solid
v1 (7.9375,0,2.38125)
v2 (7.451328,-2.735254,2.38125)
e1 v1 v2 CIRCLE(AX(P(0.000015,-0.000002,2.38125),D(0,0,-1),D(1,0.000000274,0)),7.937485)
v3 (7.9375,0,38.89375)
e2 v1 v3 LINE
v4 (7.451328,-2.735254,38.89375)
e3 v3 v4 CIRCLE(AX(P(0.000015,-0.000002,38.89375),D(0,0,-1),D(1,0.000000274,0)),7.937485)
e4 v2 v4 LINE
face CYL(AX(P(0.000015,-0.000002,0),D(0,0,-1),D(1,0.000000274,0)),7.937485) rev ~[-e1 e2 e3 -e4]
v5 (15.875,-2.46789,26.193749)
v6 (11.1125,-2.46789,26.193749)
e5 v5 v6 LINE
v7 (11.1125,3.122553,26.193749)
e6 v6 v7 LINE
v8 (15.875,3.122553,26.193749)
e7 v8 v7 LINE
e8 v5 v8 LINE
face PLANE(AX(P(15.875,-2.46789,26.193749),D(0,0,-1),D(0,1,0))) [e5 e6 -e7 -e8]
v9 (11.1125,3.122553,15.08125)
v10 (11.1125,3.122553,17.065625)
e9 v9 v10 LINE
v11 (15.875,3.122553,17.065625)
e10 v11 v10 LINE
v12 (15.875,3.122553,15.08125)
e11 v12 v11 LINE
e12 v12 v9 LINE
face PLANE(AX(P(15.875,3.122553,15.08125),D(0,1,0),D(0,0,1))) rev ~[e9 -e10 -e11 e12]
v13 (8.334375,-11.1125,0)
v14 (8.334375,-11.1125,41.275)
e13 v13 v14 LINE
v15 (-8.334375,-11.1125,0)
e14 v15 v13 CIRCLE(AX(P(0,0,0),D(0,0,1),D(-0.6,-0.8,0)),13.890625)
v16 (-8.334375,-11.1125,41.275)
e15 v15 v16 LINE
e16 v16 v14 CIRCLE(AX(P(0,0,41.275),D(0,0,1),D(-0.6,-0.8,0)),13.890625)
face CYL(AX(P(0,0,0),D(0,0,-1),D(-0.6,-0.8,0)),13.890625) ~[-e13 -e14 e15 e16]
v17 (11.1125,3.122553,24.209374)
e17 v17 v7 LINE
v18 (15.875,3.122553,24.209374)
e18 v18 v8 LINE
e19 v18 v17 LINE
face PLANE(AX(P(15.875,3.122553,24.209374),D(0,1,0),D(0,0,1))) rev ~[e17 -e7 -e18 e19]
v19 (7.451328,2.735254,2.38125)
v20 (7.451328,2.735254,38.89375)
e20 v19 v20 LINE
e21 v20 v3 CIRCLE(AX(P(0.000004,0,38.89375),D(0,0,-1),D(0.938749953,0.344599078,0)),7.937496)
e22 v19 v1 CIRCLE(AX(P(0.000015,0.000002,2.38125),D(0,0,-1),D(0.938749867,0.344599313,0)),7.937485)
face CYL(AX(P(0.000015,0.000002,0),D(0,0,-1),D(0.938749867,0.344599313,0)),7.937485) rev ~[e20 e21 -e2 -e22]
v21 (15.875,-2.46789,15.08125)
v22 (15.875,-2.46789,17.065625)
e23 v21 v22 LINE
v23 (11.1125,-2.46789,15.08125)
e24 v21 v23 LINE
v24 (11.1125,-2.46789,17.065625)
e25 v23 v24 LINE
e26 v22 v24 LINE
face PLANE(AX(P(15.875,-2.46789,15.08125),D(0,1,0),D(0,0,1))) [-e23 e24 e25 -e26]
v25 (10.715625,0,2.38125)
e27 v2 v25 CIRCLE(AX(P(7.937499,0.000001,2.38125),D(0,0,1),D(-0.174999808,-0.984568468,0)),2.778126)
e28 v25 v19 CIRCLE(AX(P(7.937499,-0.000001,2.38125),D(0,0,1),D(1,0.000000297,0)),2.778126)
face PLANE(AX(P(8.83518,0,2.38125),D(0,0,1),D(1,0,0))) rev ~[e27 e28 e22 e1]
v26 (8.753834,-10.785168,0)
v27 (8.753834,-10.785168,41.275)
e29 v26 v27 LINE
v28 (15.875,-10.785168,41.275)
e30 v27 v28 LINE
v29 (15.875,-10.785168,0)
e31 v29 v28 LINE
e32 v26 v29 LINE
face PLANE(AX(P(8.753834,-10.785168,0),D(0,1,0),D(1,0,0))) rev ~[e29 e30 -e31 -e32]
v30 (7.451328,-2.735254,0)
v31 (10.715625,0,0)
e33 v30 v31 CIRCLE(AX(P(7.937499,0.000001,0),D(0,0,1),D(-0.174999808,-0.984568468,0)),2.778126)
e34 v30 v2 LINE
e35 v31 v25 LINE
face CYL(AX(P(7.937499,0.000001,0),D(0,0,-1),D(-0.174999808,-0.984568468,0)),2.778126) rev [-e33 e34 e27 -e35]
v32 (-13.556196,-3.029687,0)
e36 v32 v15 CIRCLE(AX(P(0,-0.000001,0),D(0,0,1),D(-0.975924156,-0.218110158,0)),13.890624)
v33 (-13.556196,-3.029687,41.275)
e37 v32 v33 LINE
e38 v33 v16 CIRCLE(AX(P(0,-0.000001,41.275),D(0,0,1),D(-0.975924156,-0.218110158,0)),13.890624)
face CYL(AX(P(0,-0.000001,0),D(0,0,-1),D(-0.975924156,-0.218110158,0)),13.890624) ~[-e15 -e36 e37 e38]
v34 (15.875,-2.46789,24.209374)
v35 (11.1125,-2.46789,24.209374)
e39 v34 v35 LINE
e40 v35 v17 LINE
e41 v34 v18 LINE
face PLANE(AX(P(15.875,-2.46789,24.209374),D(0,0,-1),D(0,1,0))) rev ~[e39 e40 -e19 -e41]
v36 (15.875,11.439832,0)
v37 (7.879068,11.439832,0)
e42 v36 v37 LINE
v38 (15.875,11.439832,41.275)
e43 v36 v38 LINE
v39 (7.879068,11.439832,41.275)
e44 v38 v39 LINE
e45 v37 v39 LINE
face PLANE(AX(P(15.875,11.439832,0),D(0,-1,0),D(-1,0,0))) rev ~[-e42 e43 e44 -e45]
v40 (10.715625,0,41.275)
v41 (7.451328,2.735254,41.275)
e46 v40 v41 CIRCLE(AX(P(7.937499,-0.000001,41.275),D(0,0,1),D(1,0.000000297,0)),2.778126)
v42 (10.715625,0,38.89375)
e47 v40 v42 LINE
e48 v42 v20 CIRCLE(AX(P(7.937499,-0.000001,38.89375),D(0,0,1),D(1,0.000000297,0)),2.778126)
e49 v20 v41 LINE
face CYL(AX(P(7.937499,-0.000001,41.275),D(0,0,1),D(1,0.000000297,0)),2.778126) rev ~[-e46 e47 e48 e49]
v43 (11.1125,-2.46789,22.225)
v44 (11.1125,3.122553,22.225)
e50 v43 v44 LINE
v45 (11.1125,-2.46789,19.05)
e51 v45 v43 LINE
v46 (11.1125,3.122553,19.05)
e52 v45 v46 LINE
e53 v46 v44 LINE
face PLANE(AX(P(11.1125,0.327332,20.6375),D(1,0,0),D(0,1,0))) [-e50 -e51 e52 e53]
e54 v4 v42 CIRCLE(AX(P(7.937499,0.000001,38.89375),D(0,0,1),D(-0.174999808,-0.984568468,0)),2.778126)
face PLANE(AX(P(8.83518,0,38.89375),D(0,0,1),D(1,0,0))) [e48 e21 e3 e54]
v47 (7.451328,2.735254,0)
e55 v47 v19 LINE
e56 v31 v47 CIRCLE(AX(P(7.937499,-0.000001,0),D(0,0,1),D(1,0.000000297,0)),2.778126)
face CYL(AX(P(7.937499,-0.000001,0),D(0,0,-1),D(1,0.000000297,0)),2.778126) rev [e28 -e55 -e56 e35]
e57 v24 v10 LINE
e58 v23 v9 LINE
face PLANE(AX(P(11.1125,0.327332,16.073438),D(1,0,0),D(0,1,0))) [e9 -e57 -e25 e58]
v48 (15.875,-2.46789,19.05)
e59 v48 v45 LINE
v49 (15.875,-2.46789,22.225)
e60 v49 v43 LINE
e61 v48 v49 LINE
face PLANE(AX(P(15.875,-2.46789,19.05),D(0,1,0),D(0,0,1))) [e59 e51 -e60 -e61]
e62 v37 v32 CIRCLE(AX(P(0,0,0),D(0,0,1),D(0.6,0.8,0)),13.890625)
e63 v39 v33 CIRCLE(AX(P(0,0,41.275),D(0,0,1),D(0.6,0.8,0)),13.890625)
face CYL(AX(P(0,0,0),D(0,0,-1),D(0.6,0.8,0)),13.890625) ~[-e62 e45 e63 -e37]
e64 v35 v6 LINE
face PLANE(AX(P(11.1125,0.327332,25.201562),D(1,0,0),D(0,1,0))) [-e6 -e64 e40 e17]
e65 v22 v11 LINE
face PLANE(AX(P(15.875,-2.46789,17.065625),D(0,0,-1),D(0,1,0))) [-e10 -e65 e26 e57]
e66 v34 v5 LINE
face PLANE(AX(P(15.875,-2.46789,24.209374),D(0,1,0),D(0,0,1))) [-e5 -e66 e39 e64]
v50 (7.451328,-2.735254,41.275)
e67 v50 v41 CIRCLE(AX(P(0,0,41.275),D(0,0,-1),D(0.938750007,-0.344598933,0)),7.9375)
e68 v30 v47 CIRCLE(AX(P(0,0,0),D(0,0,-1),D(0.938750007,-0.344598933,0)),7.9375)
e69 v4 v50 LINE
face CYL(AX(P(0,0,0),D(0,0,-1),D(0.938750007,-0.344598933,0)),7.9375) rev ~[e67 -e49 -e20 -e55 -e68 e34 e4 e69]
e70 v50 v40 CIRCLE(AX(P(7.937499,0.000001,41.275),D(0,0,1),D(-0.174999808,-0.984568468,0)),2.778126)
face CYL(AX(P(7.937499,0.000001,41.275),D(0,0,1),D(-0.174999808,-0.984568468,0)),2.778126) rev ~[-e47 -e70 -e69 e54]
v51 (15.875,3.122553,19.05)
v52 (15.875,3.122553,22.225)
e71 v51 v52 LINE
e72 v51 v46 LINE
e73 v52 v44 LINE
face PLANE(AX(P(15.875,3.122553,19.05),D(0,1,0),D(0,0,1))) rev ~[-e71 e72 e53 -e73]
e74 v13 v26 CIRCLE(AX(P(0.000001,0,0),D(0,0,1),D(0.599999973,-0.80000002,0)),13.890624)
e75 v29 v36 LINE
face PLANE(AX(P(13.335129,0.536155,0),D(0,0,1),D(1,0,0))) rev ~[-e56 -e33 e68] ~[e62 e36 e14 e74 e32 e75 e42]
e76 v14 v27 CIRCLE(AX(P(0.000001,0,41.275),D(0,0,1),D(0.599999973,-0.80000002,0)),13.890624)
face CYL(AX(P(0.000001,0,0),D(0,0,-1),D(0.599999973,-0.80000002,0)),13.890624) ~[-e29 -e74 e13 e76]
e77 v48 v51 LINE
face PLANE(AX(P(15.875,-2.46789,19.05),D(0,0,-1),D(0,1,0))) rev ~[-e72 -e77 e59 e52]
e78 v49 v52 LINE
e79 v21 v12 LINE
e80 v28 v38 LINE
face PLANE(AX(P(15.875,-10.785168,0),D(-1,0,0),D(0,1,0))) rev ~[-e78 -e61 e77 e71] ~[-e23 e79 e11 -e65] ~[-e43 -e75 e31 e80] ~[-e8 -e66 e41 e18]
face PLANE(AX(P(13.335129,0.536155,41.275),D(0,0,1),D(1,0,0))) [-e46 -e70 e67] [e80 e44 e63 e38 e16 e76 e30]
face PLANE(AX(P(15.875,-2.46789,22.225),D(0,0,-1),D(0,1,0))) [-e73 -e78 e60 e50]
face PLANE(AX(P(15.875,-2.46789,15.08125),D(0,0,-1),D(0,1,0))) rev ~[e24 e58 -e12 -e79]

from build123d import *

# Parameters (mm, degrees)
F2_DEPTH = 41.275
F3_DEPTH = 41.275
F4_W     = 5.590443
F4_H     = 1.984375
F4_H_2   = 3.175
F5_DEPTH = 4.7625
F7_DEPTH = 2.38125
F8_DEPTH = 2.38125


with BuildPart() as f2:
    # F1 (on Top) → F2 (new body)
    with BuildSketch(Plane.XY):
        with BuildLine():
            ThreePointArc((8.334375, -11.1125), (12.424153, -6.212076), (13.890625, 0))
            ThreePointArc((13.890625, 0), (12.424153, 6.212076), (8.334375, 11.1125))
            ThreePointArc((8.334375, 11.1125), (-7.53772, 11.667572), (-13.556196, -3.029687))
            ThreePointArc((-13.556196, -3.029687), (-11.667572, -7.53772), (-8.334375, -11.1125))
            ThreePointArc((-8.334375, -11.1125), (0, -13.890625), (8.334375, -11.1125))
        make_face()
        with BuildLine():
            ThreePointArc((7.451328, -2.735254), (-7.9375, 0), (7.451328, 2.735254))
            ThreePointArc((7.451328, 2.735254), (9.721783, 2.129392), (10.715625, 0))
            ThreePointArc((10.715625, 0), (9.721783, -2.129392), (7.451328, -2.735254))
        make_face(mode=Mode.SUBTRACT)
        with BuildLine():
            ThreePointArc((7.451328, 2.735254), (7.815012, 1.389063), (7.9375, 0))
            ThreePointArc((7.9375, 0), (7.815012, -1.389063), (7.451328, -2.735254))
            ThreePointArc((7.451328, -2.735254), (9.721783, -2.129392), (10.715625, 0))
            ThreePointArc((10.715625, 0), (9.721783, 2.129392), (7.451328, 2.735254))
        make_face()
    extrude(amount=F2_DEPTH)

    # F0 (on Top) → F3 (join)
    with BuildSketch(Plane.XY):
        with BuildLine():
            ThreePointArc((7.879068, 11.439832), (12.296232, 6.46159), (13.890625, 0))
            ThreePointArc((13.890625, 0), (12.540847, -5.972991), (8.753834, -10.785168))
            Line((8.753834, -10.785168), (15.875, -10.785168))
            Line((15.875, -10.785168), (15.875, 0.327332))
            Line((15.875, 0.327332), (15.875, 11.439832))
            Line((15.875, 11.439832), (7.879068, 11.439832))
        make_face()
    extrude(amount=F3_DEPTH)

    # F4 (on face) → F5 (cut)
    with BuildSketch(Plane.YZ.offset(15.875)):
        with Locations((0.327332, 25.201562)):
            Rectangle(F4_W, F4_H)
        with Locations((0.327332, 20.6375)):
            Rectangle(F4_W, F4_H_2)
        with Locations((0.327332, 16.073438)):
            Rectangle(F4_W, F4_H)
    extrude(amount=-F5_DEPTH, mode=Mode.SUBTRACT)

    # F6 (on face) → F7 (cut)
    with BuildSketch(Plane.XY.offset(41.275)):
        with BuildLine():
            ThreePointArc((7.451328, -2.735254), (9.721783, -2.129392), (10.715625, 0))
            ThreePointArc((10.715625, 0), (9.721783, 2.129392), (7.451328, 2.735254))
            ThreePointArc((7.451328, 2.735254), (7.815012, 1.389062), (7.9375, 0))
            ThreePointArc((7.9375, 0), (7.815012, -1.389063), (7.451328, -2.735254))
        make_face()
    extrude(amount=-F7_DEPTH, mode=Mode.SUBTRACT)

    # F1 (on Top) → F8 (cut)
    with BuildSketch(Plane.XY):
        with BuildLine():
            ThreePointArc((7.451328, 2.735254), (7.815012, 1.389063), (7.9375, 0))
            ThreePointArc((7.9375, 0), (7.815012, -1.389063), (7.451328, -2.735254))
            ThreePointArc((7.451328, -2.735254), (9.721783, -2.129392), (10.715625, 0))
            ThreePointArc((10.715625, 0), (9.721783, 2.129392), (7.451328, 2.735254))
        make_face()
    extrude(amount=F8_DEPTH, mode=Mode.SUBTRACT)


solid = f2.part
